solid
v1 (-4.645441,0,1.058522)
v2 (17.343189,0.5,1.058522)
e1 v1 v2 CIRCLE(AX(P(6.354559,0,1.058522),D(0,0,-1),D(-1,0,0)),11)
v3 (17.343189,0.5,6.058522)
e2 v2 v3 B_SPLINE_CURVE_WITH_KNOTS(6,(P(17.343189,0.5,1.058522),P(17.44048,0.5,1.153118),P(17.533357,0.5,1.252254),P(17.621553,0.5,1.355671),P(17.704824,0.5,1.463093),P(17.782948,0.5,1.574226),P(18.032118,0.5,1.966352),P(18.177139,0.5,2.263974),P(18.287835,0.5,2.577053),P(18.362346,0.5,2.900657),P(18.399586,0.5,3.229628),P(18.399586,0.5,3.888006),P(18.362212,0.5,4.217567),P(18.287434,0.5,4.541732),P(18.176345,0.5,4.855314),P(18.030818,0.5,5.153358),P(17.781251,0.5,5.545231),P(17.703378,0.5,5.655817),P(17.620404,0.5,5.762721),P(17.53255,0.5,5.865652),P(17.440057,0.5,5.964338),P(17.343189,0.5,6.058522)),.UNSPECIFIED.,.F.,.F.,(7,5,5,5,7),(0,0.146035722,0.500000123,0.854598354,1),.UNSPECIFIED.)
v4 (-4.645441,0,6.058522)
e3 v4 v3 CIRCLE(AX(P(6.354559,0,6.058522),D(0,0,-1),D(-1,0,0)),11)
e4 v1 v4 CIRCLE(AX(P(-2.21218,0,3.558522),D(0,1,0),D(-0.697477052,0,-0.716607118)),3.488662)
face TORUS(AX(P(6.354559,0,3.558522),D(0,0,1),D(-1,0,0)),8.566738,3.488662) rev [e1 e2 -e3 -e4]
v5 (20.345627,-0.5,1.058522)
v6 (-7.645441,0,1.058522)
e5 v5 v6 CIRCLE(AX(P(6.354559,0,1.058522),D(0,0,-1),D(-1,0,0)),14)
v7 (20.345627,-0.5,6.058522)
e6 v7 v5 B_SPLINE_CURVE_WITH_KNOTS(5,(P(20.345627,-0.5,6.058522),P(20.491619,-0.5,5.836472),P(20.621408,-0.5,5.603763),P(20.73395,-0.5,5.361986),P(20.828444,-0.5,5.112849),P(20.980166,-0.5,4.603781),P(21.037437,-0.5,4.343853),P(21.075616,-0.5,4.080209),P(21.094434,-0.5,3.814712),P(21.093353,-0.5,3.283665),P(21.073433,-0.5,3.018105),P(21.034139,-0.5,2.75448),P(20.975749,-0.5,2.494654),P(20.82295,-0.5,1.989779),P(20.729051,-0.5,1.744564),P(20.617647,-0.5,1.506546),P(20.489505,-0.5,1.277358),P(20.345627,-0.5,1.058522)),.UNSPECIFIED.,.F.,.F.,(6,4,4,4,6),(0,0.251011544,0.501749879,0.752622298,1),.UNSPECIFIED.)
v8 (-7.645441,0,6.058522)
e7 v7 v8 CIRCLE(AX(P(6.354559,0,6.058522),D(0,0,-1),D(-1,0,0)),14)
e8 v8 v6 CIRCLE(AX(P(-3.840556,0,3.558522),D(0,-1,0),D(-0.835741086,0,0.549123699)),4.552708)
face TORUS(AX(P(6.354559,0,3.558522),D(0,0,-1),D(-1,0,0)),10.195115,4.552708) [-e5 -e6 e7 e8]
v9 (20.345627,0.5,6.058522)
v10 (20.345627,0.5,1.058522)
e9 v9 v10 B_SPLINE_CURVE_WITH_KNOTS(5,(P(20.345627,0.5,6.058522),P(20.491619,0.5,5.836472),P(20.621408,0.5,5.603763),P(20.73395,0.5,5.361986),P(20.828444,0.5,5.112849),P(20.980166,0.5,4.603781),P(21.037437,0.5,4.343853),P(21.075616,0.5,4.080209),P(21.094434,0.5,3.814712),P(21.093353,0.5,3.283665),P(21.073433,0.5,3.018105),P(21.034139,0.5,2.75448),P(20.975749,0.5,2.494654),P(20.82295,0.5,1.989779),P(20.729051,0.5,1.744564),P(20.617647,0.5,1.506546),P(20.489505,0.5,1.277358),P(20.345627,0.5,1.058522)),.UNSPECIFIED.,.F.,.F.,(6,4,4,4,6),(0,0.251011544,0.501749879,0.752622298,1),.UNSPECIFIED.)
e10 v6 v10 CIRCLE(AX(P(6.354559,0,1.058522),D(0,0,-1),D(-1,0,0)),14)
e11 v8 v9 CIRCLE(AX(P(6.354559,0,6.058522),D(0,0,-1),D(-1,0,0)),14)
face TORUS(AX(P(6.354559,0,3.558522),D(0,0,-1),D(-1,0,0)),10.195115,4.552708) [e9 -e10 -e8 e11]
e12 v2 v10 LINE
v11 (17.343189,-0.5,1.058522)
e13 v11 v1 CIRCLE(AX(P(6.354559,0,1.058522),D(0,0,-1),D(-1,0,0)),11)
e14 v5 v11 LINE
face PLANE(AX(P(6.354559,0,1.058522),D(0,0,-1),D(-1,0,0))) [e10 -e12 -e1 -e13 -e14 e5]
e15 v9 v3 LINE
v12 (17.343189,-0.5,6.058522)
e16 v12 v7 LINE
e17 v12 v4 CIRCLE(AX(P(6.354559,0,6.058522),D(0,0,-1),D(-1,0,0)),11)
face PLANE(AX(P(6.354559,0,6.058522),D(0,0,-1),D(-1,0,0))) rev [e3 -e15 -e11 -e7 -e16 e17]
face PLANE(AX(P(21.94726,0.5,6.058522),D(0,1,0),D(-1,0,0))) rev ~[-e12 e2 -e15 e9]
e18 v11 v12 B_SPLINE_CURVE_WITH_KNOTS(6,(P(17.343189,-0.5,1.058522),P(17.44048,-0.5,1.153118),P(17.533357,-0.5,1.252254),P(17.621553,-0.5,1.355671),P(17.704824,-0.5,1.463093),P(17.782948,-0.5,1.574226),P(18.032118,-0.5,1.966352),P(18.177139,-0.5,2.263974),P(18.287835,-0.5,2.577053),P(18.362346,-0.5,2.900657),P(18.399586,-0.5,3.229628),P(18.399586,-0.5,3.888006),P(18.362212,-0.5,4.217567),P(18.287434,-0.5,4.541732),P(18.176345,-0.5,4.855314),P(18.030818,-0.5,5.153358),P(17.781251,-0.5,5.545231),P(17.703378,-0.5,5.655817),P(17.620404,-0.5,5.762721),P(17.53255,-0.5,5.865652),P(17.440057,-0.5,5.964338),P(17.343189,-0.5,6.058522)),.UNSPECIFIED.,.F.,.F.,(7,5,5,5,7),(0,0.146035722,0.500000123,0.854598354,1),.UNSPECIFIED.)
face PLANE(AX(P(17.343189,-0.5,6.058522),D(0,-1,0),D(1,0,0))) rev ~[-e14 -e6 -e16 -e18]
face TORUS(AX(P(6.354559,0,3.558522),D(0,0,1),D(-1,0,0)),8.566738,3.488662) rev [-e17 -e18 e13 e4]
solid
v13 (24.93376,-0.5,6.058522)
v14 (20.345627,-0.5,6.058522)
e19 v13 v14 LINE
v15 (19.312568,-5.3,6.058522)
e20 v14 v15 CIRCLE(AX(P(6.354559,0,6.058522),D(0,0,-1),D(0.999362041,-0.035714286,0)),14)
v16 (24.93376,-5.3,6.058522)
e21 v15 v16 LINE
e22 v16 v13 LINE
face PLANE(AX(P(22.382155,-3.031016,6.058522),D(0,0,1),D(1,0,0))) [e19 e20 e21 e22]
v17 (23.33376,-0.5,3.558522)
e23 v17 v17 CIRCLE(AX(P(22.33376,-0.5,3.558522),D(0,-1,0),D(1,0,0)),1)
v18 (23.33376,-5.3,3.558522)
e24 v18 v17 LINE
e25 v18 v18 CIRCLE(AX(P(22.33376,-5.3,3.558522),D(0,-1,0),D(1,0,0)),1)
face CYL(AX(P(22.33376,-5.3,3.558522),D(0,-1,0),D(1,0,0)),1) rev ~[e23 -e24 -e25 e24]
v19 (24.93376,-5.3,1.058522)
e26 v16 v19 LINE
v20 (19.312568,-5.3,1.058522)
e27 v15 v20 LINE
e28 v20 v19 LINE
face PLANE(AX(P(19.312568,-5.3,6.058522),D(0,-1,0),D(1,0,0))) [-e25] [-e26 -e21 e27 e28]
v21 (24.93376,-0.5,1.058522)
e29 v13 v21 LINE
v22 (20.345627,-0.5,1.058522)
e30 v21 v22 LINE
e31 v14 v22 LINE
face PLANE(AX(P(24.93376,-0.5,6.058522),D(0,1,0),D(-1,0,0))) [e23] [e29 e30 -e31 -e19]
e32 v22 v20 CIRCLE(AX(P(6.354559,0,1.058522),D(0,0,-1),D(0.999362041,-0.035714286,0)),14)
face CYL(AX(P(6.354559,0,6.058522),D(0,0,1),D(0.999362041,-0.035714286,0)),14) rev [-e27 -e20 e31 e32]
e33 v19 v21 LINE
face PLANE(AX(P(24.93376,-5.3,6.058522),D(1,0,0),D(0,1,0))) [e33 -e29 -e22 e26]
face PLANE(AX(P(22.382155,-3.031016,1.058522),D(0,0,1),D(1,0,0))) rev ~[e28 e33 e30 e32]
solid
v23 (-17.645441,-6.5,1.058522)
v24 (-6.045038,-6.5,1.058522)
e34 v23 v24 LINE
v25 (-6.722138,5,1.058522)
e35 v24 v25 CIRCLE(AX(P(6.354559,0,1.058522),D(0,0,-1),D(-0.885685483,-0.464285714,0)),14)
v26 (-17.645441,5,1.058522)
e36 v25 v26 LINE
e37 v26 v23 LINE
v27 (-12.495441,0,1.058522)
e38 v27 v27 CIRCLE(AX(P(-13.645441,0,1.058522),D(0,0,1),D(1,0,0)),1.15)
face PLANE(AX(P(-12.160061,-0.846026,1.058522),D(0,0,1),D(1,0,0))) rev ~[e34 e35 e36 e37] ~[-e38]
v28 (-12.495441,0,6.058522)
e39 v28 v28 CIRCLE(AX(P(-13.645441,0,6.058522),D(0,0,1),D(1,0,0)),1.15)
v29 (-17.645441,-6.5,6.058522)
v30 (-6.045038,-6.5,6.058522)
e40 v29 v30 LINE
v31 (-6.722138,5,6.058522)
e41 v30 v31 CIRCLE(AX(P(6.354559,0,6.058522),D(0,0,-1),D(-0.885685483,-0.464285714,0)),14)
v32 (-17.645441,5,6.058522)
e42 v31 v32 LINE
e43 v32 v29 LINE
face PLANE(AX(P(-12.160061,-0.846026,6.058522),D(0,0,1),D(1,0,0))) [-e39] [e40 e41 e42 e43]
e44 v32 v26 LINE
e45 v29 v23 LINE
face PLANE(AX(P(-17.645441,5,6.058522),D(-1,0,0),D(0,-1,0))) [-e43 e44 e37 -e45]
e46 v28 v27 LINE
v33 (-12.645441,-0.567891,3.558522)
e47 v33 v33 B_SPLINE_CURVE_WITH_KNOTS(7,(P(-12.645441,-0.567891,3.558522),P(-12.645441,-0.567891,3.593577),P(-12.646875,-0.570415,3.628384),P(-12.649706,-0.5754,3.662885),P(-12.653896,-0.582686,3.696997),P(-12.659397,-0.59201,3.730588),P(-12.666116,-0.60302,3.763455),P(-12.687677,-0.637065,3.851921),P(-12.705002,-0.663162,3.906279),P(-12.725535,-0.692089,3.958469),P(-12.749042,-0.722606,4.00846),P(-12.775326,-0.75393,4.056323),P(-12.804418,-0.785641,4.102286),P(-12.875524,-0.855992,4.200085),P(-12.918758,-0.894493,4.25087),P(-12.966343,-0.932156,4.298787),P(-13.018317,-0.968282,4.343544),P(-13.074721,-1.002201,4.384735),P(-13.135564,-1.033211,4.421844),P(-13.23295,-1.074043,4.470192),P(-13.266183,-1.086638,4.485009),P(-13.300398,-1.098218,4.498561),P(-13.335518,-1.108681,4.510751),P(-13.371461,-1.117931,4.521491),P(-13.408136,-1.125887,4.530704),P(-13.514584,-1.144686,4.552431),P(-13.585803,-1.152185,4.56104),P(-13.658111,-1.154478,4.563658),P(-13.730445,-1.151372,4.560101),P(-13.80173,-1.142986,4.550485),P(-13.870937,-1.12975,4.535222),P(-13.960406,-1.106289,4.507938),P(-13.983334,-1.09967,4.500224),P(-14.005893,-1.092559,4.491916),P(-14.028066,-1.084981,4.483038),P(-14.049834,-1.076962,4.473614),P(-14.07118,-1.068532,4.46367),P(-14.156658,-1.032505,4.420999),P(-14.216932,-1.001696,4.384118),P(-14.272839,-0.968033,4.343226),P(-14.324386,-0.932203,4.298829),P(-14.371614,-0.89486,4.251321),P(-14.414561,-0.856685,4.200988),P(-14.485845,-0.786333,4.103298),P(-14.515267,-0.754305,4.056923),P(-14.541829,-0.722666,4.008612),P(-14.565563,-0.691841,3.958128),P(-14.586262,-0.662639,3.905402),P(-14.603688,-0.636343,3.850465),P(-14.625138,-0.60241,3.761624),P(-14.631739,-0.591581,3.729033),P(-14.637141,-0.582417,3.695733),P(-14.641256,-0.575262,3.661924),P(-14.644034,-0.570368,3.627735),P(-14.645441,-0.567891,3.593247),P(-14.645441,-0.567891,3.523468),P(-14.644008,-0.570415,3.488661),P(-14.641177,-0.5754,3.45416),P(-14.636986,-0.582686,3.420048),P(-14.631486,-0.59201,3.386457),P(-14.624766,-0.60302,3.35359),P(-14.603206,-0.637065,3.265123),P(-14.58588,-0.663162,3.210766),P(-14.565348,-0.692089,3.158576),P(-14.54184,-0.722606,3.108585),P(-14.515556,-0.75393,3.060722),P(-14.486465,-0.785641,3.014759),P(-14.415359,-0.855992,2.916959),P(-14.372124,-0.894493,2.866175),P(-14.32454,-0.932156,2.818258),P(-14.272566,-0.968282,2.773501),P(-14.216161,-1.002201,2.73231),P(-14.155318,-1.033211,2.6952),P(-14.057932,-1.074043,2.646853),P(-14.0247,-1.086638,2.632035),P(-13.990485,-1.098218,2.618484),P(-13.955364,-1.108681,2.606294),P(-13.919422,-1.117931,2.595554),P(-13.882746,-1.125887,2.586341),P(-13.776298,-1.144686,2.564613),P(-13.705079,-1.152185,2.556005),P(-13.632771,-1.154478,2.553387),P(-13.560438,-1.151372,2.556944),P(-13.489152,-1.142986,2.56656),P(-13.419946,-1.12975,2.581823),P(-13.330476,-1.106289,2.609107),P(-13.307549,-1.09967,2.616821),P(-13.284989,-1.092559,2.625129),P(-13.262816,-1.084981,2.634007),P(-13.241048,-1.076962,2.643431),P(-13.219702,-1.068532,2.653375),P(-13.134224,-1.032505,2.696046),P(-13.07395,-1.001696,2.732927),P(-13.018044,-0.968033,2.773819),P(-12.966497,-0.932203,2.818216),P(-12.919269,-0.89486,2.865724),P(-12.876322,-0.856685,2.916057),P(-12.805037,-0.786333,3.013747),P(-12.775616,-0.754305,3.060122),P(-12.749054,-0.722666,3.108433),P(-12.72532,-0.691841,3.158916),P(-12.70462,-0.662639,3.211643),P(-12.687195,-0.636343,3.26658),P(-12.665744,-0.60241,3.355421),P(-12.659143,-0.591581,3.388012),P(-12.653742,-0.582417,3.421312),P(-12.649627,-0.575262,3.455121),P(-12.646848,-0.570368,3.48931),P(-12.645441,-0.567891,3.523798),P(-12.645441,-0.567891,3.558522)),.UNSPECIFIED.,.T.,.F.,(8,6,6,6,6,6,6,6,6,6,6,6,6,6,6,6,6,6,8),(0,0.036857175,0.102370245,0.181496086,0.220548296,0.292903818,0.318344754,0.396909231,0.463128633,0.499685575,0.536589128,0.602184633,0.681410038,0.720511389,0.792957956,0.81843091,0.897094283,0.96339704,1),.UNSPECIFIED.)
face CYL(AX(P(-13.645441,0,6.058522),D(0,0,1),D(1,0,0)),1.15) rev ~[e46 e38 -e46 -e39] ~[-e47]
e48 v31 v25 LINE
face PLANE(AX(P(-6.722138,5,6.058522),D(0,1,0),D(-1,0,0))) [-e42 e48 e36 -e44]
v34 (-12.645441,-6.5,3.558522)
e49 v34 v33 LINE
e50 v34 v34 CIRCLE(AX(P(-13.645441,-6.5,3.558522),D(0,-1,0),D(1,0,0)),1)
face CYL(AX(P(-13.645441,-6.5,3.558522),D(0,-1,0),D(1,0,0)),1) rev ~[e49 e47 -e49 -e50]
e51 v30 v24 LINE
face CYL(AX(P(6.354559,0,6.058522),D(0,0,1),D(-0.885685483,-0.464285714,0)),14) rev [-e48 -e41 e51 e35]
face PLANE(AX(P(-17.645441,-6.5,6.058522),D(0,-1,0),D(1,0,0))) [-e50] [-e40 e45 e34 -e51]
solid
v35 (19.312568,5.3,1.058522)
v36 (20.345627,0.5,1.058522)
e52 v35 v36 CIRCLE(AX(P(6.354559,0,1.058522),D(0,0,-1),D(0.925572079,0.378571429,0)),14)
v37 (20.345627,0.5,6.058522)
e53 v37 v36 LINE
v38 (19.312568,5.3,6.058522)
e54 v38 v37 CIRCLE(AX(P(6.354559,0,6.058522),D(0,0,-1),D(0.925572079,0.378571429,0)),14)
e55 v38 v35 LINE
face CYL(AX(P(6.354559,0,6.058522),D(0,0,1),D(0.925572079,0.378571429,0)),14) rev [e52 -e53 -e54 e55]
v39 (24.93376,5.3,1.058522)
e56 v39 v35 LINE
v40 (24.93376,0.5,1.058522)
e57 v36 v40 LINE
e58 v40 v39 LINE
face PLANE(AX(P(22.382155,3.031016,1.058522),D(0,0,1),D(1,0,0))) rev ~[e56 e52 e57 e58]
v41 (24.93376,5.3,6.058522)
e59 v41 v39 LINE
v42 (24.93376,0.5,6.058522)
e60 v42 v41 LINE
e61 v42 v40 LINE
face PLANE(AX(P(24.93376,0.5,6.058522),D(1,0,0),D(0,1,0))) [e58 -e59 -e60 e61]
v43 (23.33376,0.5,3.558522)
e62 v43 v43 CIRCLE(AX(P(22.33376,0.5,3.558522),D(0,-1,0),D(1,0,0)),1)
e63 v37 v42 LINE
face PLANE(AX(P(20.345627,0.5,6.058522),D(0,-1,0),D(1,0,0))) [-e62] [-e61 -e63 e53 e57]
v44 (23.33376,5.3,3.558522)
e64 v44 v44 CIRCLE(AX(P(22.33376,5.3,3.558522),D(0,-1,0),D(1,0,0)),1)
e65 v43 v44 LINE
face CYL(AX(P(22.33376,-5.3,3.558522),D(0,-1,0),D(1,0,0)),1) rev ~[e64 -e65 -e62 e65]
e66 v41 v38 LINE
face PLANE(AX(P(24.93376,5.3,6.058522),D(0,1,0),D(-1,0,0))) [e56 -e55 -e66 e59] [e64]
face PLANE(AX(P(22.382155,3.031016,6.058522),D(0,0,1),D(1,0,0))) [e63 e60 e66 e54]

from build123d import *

# Parameters (mm, degrees)
F2_R      = 1.15
F3_DEPTH  = 5
F4_R      = 1
F5_DEPTH  = 6
F6_R      = 1
F7_DEPTH  = 25
F8_R      = 1
F9_DEPTH  = 25
F11_DEPTH = 25


with BuildPart() as f1:
    # F0 (on Front) → F1 (revolve)
    with BuildSketch(Plane.XZ):
        with BuildLine():
            ThreePointArc((-4.645441286, 1.0585224686), (-5.700841589, 3.5585224686), (-4.645441286, 6.0585224686))
            ThreePointArc((-4.645441286, 6.0585224686), (-7.145441286, 3.5585224686), (-4.645441286, 1.0585224686))
        make_face()
        with BuildLine():
            ThreePointArc((-4.645441286, 1.0585224686), (-7.145441286, 3.5585224686), (-4.645441286, 6.0585224686))
            Line((-4.645441286, 6.0585224686), (-7.645441286, 6.0585224686))
            Line((-7.645441286, 6.0585224686), (-7.645441286, 1.0585224686))
            Line((-7.645441286, 1.0585224686), (-4.645441286, 1.0585224686))
        make_face()
        with BuildLine():
            Line((-7.645441286, 1.0585224686), (-7.645441286, 6.0585224686))
            ThreePointArc((-7.645441286, 6.0585224686), (-8.3932641999, 3.5585224686), (-7.645441286, 1.0585224686))
        make_face()
    revolve(axis=Axis((6.354558714, 0, 2.7198808384), (0, 0, -1)))

    # F8 (on face) → F9 (cut)
    with BuildSketch(Plane(origin=(0, 5.3, 0), x_dir=(-1, 0, 0), z_dir=(0, 1, 0))):
        with Locations((-22.3337602671, 3.5585224686)):
            Circle(F8_R)
    extrude(amount=-F9_DEPTH, mode=Mode.SUBTRACT)

    # F10 (on face) → F11 (cut)
    with BuildSketch(Plane.XY.offset(6.0585224686)):
        with BuildLine():
            ThreePointArc((20.354558714, 0), (20.3523256808, 0.250039882), (20.3456272937, 0.5))
            Line((20.3456272937, 0.5), (17.3431892019, 0.5))
            ThreePointArc((17.3431892019, 0.5), (17.3517159687, 0.2500646245), (17.354558714, 0))
            ThreePointArc((17.354558714, 0), (17.3517159687, -0.2500646245), (17.3431892019, -0.5))
            Line((17.3431892019, -0.5), (20.3456272937, -0.5))
            ThreePointArc((20.3456272937, -0.5), (20.3523256808, -0.250039882), (20.354558714, 0))
        make_face()
        with BuildLine():
            Line((21.9472598002, -0.5), (21.9472598002, 0.5))
            Line((21.9472598002, 0.5), (20.3456272937, 0.5))
            ThreePointArc((20.3456272937, 0.5), (20.3523256808, 0.250039882), (20.354558714, 0))
            ThreePointArc((20.354558714, 0), (20.3523256808, -0.250039882), (20.3456272937, -0.5))
            Line((20.3456272937, -0.5), (21.9472598002, -0.5))
        make_face()
    extrude(amount=-F11_DEPTH, mode=Mode.SUBTRACT)


with BuildPart() as f3:
    # F2 (on face) → F3 (new body)
    with BuildSketch(Plane.XY.offset(6.0585224686)):
        with BuildLine():
            Line((-17.645441286, -6.5), (-6.0450380536, -6.5))
            ThreePointArc((-6.0450380536, -6.5), (-7.6212376453, -0.8228706604), (-6.7221381166, 5))
            Line((-6.7221381166, 5), (-17.645441286, 5))
            Line((-17.645441286, 5), (-17.645441286, -6.5))
        make_face()
        with Locations((-13.645441286, 0)):
            Circle(F2_R, mode=Mode.SUBTRACT)
    extrude(amount=-F3_DEPTH)

    # F4 (on face) → F5 (cut)
    with BuildSketch(Plane.XZ.offset(6.5)):
        with Locations((-13.645441286, 3.5585224686)):
            Circle(F4_R)
    extrude(amount=-F5_DEPTH, mode=Mode.SUBTRACT)


with BuildPart() as f3b:
    # F2 (on face) → F3, piece 2 (new body)
    with BuildSketch(Plane.XY.offset(6.0585224686)):
        with BuildLine():
            Line((24.9337602671, -0.5), (20.3456272937, -0.5))
            ThreePointArc((20.3456272937, -0.5), (20.0411651974, -2.945641351), (19.3125678204, -5.3))
            Line((19.3125678204, -5.3), (24.9337602671, -5.3))
            Line((24.9337602671, -5.3), (24.9337602671, -0.5))
        make_face()
    extrude(amount=-F3_DEPTH)


with BuildPart() as f3c:
    # F2 (on face) → F3, piece 3 (new body)
    with BuildSketch(Plane.XY.offset(6.0585224686)):
        with BuildLine():
            ThreePointArc((19.3125678204, 5.3), (20.0411651974, 2.945641351), (20.3456272937, 0.5))
            Line((20.3456272937, 0.5), (24.9337602671, 0.5))
            Line((24.9337602671, 0.5), (24.9337602671, 5.3))
            Line((24.9337602671, 5.3), (19.3125678204, 5.3))
        make_face()
    extrude(amount=-F3_DEPTH)


with BuildPart() as f7_tool:
    # F6 (on face) → F7 (new body)
    with BuildSketch(Plane.XZ.offset(5.3)):
        with Locations((22.3337602671, 3.5585224686)):
            Circle(F6_R)
    extrude(amount=-F7_DEPTH)


with BuildPart() as f3b_1:
    add(f3b.part)

    # F7: cut by f7_tool
    add(f7_tool.part, mode=Mode.SUBTRACT)


with BuildPart() as f3c_1:
    add(f3c.part)

    # F7: cut by f7_tool
    add(f7_tool.part, mode=Mode.SUBTRACT)


solid = Compound([f1.part, f3.part, f3b_1.part, f3c_1.part])
